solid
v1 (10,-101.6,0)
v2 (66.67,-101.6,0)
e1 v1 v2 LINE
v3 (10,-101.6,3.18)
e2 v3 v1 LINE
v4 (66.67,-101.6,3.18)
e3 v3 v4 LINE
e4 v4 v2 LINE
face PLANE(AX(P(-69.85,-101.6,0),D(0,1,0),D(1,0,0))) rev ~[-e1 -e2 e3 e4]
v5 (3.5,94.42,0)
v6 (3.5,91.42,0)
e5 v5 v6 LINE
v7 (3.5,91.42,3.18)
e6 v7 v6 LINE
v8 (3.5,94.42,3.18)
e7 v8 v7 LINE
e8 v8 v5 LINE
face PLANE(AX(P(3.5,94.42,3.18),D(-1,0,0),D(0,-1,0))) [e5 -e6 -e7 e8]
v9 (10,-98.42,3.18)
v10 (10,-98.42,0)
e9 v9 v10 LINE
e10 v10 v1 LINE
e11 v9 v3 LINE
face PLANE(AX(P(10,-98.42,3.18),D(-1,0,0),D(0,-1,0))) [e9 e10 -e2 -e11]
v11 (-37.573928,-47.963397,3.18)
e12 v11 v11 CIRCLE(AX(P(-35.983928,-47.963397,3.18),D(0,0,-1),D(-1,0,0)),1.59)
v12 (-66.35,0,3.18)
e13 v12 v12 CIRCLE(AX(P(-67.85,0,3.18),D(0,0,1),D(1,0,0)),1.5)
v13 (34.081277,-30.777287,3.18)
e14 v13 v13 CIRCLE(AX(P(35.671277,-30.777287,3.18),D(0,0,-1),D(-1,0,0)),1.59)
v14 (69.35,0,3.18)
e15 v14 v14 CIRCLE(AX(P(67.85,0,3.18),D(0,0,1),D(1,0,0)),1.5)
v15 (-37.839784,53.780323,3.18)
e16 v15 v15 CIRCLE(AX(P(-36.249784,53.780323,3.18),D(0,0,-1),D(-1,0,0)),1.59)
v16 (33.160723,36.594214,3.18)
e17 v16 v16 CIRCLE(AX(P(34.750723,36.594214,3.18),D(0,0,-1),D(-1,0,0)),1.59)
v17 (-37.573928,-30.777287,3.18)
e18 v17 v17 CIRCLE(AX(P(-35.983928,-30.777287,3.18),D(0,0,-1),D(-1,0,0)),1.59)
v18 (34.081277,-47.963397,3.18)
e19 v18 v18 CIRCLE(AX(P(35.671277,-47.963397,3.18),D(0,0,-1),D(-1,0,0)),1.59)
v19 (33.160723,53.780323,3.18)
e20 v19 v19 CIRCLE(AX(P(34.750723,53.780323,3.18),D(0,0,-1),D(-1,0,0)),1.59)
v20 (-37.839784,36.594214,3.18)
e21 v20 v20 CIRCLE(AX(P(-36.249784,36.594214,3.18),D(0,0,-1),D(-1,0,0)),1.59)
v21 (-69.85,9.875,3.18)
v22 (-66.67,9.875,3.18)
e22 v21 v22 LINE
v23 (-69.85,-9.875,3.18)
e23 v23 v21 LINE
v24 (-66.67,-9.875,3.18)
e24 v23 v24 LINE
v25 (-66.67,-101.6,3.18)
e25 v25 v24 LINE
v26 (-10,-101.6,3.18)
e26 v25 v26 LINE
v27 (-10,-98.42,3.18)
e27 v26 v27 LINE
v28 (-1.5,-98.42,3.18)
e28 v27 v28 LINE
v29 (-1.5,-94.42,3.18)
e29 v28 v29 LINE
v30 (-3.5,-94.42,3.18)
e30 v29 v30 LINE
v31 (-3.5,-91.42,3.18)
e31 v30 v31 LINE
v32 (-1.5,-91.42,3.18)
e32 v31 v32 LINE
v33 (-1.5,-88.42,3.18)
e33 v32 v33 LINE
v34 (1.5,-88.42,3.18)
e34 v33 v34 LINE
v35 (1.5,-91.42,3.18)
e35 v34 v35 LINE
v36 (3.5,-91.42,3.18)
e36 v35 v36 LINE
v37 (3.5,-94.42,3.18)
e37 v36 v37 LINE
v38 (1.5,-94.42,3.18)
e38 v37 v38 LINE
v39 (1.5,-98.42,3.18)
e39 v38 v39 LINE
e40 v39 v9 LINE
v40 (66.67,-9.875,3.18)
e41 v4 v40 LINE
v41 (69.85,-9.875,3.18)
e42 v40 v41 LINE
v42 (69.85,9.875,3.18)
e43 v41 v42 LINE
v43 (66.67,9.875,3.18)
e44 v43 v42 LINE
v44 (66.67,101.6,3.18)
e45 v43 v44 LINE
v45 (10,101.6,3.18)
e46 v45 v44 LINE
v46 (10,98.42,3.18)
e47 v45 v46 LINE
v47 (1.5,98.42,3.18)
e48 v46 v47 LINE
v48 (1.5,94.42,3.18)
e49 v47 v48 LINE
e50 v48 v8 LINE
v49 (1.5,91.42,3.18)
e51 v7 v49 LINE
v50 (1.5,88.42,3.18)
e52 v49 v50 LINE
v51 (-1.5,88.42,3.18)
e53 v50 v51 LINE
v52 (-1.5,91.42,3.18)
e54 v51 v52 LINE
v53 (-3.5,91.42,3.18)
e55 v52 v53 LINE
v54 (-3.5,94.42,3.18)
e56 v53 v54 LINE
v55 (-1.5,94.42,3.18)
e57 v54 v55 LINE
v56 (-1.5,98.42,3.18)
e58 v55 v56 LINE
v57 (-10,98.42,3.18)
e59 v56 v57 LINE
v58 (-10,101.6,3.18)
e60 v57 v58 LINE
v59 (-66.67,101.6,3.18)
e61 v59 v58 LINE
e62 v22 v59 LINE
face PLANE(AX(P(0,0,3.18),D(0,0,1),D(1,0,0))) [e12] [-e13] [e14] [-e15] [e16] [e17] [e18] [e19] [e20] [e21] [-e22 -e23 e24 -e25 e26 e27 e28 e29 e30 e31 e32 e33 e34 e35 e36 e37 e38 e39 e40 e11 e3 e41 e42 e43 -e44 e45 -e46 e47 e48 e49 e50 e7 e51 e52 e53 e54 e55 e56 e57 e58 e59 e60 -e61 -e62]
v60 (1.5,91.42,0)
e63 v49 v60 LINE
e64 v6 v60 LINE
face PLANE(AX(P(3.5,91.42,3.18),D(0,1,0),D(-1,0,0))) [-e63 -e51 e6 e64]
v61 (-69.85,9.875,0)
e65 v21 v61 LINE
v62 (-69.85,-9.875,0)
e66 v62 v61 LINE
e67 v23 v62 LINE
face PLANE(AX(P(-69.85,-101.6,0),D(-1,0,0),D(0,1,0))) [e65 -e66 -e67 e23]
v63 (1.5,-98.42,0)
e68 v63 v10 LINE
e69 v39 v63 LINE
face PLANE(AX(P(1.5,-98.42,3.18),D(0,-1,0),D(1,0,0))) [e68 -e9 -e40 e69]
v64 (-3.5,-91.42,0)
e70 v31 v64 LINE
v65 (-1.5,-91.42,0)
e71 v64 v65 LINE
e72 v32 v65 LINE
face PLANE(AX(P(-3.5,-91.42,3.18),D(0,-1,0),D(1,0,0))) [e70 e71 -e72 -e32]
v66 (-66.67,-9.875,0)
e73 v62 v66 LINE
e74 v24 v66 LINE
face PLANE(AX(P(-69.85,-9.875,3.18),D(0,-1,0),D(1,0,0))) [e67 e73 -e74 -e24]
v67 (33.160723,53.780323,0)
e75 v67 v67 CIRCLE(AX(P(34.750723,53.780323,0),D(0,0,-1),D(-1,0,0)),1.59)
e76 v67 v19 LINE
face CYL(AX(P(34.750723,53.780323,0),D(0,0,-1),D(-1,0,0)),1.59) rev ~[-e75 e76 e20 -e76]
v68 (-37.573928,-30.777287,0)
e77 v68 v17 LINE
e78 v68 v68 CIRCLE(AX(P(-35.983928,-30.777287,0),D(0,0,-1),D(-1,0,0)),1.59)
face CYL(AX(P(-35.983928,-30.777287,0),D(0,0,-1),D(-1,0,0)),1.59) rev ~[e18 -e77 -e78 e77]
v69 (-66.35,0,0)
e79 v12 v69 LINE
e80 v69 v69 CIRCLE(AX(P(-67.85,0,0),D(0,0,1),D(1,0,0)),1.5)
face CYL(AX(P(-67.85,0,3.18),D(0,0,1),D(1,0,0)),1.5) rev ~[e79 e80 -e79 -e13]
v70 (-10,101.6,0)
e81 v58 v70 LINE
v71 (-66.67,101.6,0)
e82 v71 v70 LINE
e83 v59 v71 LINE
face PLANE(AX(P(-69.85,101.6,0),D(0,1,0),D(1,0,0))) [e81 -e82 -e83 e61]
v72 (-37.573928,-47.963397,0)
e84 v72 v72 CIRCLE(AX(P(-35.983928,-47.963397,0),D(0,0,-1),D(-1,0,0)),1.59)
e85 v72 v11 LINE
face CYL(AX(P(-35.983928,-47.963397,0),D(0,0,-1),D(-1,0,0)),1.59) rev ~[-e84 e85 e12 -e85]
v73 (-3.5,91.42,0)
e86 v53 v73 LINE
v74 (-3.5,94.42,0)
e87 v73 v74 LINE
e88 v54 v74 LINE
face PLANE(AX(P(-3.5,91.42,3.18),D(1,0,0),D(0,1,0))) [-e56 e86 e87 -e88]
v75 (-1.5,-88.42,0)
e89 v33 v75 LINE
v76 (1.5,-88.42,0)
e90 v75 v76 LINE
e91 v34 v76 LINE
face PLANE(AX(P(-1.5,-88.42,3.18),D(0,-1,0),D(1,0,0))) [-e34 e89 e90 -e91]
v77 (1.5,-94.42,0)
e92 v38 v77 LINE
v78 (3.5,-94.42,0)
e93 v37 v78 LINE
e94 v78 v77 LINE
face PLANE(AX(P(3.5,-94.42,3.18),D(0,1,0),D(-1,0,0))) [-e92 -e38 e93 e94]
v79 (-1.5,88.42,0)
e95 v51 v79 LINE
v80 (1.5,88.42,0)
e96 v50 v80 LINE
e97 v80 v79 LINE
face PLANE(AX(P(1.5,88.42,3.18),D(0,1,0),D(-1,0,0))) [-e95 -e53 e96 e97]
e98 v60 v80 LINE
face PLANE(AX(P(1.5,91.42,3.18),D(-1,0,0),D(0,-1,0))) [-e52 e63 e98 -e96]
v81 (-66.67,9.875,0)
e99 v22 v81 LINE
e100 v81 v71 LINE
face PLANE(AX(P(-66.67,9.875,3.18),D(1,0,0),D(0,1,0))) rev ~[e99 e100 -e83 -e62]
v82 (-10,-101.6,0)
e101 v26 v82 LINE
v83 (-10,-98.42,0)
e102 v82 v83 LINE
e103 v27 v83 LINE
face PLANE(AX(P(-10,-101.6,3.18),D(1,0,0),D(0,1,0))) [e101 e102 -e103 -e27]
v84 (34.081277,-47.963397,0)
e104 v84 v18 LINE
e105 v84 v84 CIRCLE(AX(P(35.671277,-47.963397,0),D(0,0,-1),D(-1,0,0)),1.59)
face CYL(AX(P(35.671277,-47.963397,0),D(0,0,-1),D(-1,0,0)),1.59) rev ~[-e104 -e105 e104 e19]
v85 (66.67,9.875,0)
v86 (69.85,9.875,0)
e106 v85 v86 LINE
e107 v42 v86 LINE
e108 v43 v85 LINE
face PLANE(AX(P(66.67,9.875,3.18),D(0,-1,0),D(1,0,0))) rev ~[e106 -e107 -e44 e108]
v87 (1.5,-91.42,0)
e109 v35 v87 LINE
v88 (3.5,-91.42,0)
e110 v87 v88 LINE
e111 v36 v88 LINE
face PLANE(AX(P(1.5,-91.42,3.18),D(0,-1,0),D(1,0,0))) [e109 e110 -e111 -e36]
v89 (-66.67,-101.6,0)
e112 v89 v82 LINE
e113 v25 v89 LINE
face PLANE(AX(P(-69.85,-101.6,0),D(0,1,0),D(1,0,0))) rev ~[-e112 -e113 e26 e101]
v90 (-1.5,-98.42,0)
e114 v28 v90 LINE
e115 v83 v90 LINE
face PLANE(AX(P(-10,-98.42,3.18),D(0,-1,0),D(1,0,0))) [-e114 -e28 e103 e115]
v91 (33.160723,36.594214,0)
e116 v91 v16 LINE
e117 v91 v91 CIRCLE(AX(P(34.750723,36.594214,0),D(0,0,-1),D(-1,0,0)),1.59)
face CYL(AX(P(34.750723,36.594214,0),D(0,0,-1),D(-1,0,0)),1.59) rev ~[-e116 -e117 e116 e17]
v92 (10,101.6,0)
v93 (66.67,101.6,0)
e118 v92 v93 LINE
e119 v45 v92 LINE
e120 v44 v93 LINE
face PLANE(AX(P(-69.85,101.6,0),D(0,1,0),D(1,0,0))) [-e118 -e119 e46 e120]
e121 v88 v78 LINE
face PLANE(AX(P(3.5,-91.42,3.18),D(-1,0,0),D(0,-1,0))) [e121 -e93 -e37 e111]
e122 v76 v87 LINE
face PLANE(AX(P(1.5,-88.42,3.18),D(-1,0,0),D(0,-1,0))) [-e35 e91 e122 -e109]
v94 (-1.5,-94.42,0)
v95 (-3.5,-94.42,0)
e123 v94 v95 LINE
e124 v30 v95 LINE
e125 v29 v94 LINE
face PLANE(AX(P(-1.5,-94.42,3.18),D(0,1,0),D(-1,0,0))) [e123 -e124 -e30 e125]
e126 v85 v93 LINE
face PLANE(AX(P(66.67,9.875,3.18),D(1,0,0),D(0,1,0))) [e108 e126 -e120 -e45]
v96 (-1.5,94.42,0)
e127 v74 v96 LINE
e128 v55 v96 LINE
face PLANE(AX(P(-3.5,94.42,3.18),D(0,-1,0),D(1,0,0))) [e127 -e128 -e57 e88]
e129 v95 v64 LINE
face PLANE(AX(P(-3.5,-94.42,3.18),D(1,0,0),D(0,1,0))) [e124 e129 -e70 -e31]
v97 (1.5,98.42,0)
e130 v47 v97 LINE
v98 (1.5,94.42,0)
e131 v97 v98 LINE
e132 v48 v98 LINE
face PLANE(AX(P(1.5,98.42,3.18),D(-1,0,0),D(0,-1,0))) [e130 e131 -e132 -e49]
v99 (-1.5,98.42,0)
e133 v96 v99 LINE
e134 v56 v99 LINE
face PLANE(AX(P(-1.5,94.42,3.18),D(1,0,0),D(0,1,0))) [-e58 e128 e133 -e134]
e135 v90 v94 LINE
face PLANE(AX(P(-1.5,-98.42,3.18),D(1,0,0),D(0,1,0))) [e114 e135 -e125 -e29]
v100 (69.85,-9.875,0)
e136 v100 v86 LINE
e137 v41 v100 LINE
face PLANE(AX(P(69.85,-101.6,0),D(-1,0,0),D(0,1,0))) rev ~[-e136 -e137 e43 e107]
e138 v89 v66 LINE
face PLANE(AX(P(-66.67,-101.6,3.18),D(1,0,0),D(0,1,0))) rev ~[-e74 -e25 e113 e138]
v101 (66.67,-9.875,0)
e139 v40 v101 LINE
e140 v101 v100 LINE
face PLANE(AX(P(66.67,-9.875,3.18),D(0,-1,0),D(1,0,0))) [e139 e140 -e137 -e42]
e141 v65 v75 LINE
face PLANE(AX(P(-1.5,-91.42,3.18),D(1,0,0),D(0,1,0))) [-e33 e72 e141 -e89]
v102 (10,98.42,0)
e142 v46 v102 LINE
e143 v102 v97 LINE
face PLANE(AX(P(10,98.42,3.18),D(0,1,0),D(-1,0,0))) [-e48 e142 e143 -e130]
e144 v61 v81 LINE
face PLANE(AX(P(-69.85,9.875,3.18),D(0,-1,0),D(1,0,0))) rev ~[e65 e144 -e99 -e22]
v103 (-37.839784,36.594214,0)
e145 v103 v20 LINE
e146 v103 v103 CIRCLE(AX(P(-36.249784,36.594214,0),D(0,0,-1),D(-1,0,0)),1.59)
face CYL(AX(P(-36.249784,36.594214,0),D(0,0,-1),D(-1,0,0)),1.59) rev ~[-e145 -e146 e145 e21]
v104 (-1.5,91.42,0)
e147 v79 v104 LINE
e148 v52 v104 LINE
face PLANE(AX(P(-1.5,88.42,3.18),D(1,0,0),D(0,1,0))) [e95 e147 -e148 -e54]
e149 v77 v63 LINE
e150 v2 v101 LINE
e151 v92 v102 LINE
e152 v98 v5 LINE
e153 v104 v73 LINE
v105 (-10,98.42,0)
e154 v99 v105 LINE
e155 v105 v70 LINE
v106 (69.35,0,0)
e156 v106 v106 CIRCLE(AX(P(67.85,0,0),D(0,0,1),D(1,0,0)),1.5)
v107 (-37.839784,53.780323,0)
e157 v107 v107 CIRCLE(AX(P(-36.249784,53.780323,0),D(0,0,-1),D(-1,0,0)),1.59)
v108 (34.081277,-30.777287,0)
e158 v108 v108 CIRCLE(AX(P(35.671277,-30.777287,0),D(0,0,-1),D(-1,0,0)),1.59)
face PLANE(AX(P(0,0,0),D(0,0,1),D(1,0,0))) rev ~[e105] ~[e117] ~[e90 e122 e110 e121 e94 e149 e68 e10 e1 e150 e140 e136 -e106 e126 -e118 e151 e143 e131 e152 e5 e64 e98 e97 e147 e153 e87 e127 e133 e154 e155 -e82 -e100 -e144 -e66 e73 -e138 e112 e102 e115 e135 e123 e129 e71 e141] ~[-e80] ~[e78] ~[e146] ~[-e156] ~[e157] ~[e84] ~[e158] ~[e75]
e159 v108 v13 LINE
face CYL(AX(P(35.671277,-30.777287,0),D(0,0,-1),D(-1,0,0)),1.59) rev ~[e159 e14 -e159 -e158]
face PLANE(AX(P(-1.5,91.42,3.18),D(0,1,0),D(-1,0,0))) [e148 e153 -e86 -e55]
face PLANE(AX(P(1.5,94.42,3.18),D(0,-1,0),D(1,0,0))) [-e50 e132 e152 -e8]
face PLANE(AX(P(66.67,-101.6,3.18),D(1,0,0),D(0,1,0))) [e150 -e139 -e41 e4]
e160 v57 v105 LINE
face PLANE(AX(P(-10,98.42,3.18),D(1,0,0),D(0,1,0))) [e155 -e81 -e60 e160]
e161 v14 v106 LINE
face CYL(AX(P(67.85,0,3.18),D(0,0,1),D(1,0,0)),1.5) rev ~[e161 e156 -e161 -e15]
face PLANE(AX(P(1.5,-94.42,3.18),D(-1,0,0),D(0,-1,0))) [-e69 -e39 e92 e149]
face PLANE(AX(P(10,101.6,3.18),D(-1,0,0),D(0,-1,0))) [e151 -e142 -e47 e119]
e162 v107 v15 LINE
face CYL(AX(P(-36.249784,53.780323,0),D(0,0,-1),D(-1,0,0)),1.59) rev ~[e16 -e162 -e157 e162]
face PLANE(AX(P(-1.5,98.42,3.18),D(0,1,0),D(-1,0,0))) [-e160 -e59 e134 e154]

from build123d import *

# Parameters (mm, degrees)
SKETCH1_W           = 139.7
SKETCH1_H           = 203.2
BOSS_EXTRUDE1_DEPTH = 3.18
SKETCH2_R           = 1.5
SKETCH2_W           = 3.18
SKETCH2_H           = 91.725
CUT_EXTRUDE1_DEPTH  = 4.18
SKETCH3_R           = 1.59
CUT_EXTRUDE2_DEPTH  = 4.18
SKETCH4_R           = 1.59
CUT_EXTRUDE3_DEPTH  = 4.18


with BuildPart() as part:
    # Sketch1 → Boss-Extrude1 (new body)
    with BuildSketch(Plane.XY):
        Rectangle(SKETCH1_W, SKETCH1_H)
    extrude(amount=BOSS_EXTRUDE1_DEPTH)

    # Sketch2 → Cut-Extrude1 (cut, through all)
    with BuildSketch(Plane.XY.offset(3.18)):
        with Locations((-67.85, 0)):
            Circle(SKETCH2_R)
        with Locations((67.85, 0)):
            Circle(SKETCH2_R)
        Polygon((-10, 101.6), (10, 101.6), (10, 98.42), (1.5, 98.42), (1.5, 94.42), (3.5, 94.42), (3.5, 91.42), (1.5, 91.42), (1.5, 88.42), (-1.5, 88.42), (-1.5, 91.42), (-3.5, 91.42), (-3.5, 94.42), (-1.5, 94.42), (-1.5, 98.42), (-10, 98.42), align=None)
        Polygon((-10, -101.6), (-10, -98.42), (-1.5, -98.42), (-1.5, -94.42), (-3.5, -94.42), (-3.5, -91.42), (-1.5, -91.42), (-1.5, -88.42), (1.5, -88.42), (1.5, -91.42), (3.5, -91.42), (3.5, -94.42), (1.5, -94.42), (1.5, -98.42), (10, -98.42), (10, -101.6), align=None)
        with Locations((-68.26, 55.7375)):
            Rectangle(SKETCH2_W, SKETCH2_H)
        with Locations((-68.26, -55.7375)):
            Rectangle(SKETCH2_W, SKETCH2_H)
        with Locations((68.26, -55.7375)):
            Rectangle(SKETCH2_W, SKETCH2_H)
        with Locations((68.26, 55.7375)):
            Rectangle(SKETCH2_W, SKETCH2_H)
    extrude(amount=-CUT_EXTRUDE1_DEPTH, mode=Mode.SUBTRACT)

    # Sketch3 → Cut-Extrude2 (cut, through all)
    with BuildSketch(Plane(origin=(0, 0, 0), x_dir=(-1, 0, 0), z_dir=(0, 0, -1))):
        with Locations((-35.67127699, -47.963396943)):
            Circle(SKETCH3_R)
        with Locations((-35.67127699, -30.777287406)):
            Circle(SKETCH3_R)
    extrude(amount=-CUT_EXTRUDE2_DEPTH, mode=Mode.SUBTRACT)

    # Sketch4 → Cut-Extrude3 (cut, through all)
    with BuildSketch(Plane(origin=(0, 0, 0), x_dir=(-1, 0, 0), z_dir=(0, 0, -1))):
        with Locations((-34.750723073, 53.780323187)):
            Circle(SKETCH4_R)
        with Locations((-34.750723073, 36.59421365)):
            Circle(SKETCH4_R)
        with Locations((36.249784221, 53.780323187)):
            Circle(SKETCH4_R)
        with Locations((36.249784221, 36.59421365)):
            Circle(SKETCH4_R)
        with Locations((35.983928162, -30.777287406)):
            Circle(SKETCH4_R)
        with Locations((35.983928162, -47.963396943)):
            Circle(SKETCH4_R)
        with Locations((-35.67127699, -30.777287406)):
            Circle(SKETCH4_R)
        with Locations((-35.67127699, -47.963396943)):
            Circle(SKETCH4_R)
    extrude(amount=-CUT_EXTRUDE3_DEPTH, mode=Mode.SUBTRACT)


solid = part.part
